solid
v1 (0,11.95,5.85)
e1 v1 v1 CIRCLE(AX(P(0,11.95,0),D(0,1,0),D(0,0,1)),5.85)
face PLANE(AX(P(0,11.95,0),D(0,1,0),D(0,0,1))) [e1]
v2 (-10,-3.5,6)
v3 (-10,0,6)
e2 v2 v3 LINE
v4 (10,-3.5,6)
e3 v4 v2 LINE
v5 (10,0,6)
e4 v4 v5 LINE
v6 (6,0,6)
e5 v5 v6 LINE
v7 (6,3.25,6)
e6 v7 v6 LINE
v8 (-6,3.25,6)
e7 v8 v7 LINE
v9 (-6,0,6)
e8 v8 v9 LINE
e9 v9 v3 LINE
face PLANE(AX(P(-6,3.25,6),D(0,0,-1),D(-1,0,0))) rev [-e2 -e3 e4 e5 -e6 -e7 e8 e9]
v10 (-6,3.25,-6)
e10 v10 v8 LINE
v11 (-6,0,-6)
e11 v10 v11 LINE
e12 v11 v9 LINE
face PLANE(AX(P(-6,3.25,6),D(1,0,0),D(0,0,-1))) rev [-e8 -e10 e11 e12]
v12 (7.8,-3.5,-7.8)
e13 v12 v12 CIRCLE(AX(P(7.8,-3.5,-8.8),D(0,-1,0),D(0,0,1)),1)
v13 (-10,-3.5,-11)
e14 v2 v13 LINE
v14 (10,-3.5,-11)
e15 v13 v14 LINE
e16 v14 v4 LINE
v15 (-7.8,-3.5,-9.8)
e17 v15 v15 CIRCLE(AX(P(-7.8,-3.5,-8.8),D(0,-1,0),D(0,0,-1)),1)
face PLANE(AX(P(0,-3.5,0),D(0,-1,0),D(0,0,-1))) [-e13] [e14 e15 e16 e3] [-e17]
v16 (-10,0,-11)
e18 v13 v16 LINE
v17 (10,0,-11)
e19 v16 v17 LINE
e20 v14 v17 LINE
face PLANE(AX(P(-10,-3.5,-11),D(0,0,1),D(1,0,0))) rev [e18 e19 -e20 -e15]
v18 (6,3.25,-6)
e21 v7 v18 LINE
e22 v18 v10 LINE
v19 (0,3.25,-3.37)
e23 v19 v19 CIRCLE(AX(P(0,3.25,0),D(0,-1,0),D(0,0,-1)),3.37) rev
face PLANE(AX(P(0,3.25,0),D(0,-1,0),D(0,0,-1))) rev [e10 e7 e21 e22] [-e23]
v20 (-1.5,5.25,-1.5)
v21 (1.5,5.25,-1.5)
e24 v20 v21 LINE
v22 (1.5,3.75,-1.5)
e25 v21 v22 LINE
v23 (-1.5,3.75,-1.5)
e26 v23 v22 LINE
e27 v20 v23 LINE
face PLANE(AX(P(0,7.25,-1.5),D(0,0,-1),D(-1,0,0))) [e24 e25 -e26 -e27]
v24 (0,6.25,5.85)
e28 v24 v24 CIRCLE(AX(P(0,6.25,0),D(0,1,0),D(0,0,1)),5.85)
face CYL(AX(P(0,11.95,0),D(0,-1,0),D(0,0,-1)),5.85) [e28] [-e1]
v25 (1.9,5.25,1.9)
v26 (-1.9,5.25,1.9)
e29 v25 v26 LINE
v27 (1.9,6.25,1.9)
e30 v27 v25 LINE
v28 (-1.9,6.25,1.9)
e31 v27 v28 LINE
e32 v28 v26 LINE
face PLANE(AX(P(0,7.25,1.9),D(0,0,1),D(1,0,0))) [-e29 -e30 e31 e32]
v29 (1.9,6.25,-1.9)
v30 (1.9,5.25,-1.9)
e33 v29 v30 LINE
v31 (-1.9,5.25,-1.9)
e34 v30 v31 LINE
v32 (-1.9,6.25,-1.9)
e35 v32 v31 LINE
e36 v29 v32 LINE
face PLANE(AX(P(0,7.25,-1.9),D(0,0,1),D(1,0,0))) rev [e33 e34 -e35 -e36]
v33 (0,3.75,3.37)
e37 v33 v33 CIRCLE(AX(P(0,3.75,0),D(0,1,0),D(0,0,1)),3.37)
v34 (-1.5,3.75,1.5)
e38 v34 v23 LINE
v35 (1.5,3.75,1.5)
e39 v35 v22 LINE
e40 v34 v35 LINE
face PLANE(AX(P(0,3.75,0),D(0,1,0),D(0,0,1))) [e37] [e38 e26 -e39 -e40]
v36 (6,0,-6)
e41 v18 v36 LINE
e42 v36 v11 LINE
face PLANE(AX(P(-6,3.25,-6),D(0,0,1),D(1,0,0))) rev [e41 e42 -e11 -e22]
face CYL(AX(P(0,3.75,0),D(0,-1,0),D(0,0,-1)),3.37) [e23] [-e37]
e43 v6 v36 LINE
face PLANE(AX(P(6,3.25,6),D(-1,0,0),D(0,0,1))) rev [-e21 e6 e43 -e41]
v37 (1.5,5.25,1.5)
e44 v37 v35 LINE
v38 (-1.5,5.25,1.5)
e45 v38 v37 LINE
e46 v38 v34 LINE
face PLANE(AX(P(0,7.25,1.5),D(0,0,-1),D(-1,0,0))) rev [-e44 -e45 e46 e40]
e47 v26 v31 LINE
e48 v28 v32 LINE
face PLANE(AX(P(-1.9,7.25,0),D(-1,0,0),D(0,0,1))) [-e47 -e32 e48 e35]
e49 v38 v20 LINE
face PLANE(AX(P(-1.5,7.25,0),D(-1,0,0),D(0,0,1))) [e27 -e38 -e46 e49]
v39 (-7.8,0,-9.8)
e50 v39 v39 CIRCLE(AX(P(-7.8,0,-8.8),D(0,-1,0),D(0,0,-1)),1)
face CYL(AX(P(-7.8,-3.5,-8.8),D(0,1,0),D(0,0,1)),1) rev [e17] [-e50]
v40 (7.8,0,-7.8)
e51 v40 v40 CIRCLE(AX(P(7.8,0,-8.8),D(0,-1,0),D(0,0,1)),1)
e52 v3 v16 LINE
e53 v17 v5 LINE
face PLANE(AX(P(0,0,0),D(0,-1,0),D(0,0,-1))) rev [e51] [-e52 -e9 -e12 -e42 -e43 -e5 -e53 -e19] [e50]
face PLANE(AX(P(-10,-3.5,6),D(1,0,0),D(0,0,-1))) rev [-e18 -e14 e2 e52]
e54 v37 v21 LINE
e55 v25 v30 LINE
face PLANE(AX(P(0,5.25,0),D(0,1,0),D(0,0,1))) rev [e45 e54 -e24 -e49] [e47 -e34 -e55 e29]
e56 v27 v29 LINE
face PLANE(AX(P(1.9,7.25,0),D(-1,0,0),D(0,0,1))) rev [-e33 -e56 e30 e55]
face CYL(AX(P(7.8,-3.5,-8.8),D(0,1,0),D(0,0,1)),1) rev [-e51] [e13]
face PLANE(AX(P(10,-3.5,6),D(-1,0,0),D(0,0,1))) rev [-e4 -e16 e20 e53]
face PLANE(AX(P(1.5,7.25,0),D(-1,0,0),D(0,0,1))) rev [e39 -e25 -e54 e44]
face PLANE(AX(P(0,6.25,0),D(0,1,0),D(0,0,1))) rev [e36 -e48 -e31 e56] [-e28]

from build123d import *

# Parameters (mm, degrees)
SKETCH2_W           = 12
SKETCH2_H           = 12
BOSS_EXTRUDE1_DEPTH = 3.25
SKETCH3_R           = 3.37
SKETCH3_W           = 3
SKETCH3_H           = 3
BOSS_EXTRUDE2_DEPTH = 0.5
SKETCH3_4_W         = 3
SKETCH3_4_H         = 3
BOSS_EXTRUDE3_DEPTH = 4
BOSS_EXTRUDE4_START = 2
SKETCH3_5_W         = 3.8
SKETCH3_5_H         = 3.8
SKETCH3_5_W_2       = 3
SKETCH3_5_H_2       = 3
BOSS_EXTRUDE4_DEPTH = 2
SKETCH4_W           = 20
SKETCH4_H           = 17
SKETCH4_R           = 1
BOSS_EXTRUDE5_DEPTH = 3.5
BOSS_EXTRUDE6_START = 3
SKETCH7_R           = 5.85
BOSS_EXTRUDE6_DEPTH = 5.7


with BuildPart() as part:
    # Sketch2 → Boss-Extrude1 (new body)
    with BuildSketch(Plane(origin=(0, 0, 0), x_dir=(1, 0, 0), z_dir=(0, 1, 0))):
        Rectangle(SKETCH2_W, SKETCH2_H)
    extrude(amount=BOSS_EXTRUDE1_DEPTH)

    # Sketch3 → Boss-Extrude2 (add)
    with BuildSketch(Plane(origin=(0, 3.25, 0), x_dir=(1, 0, 0), z_dir=(0, 1, 0))):
        Circle(SKETCH3_R)
        Rectangle(SKETCH3_W, SKETCH3_H, mode=Mode.SUBTRACT)
    extrude(amount=BOSS_EXTRUDE2_DEPTH)

    # Sketch3<4> → Boss-Extrude3 (add)
    with BuildSketch(Plane(origin=(0, 3.25, 0), x_dir=(1, 0, 0), z_dir=(0, 1, 0))):
        Rectangle(SKETCH3_4_W, SKETCH3_4_H)
    extrude(amount=BOSS_EXTRUDE3_DEPTH)

    # Sketch3<5> → Boss-Extrude4 (add)
    with BuildSketch(Plane(origin=(0, 3.25, 0), x_dir=(1, 0, 0), z_dir=(0, 1, 0)).offset(BOSS_EXTRUDE4_START)):
        Rectangle(SKETCH3_5_W, SKETCH3_5_H)
        Rectangle(SKETCH3_5_W_2, SKETCH3_5_H_2, mode=Mode.SUBTRACT)
    extrude(amount=BOSS_EXTRUDE4_DEPTH)

    # Sketch4 → Boss-Extrude5 (add)
    with BuildSketch(Plane.XZ):
        with Locations((0, -2.5)):
            Rectangle(SKETCH4_W, SKETCH4_H)
        with Locations((-7.8, -8.8)):
            Circle(SKETCH4_R, mode=Mode.SUBTRACT)
        with Locations((7.8, -8.8)):
            Circle(SKETCH4_R, mode=Mode.SUBTRACT)
    extrude(amount=BOSS_EXTRUDE5_DEPTH)

    # Sketch7 → Boss-Extrude6 (add)
    with BuildSketch(Plane(origin=(0, 3.25, 0), x_dir=(1, 0, 0), z_dir=(0, 1, 0)).offset(BOSS_EXTRUDE6_START)):
        Circle(SKETCH7_R)
    extrude(amount=BOSS_EXTRUDE6_DEPTH)


solid = part.part
